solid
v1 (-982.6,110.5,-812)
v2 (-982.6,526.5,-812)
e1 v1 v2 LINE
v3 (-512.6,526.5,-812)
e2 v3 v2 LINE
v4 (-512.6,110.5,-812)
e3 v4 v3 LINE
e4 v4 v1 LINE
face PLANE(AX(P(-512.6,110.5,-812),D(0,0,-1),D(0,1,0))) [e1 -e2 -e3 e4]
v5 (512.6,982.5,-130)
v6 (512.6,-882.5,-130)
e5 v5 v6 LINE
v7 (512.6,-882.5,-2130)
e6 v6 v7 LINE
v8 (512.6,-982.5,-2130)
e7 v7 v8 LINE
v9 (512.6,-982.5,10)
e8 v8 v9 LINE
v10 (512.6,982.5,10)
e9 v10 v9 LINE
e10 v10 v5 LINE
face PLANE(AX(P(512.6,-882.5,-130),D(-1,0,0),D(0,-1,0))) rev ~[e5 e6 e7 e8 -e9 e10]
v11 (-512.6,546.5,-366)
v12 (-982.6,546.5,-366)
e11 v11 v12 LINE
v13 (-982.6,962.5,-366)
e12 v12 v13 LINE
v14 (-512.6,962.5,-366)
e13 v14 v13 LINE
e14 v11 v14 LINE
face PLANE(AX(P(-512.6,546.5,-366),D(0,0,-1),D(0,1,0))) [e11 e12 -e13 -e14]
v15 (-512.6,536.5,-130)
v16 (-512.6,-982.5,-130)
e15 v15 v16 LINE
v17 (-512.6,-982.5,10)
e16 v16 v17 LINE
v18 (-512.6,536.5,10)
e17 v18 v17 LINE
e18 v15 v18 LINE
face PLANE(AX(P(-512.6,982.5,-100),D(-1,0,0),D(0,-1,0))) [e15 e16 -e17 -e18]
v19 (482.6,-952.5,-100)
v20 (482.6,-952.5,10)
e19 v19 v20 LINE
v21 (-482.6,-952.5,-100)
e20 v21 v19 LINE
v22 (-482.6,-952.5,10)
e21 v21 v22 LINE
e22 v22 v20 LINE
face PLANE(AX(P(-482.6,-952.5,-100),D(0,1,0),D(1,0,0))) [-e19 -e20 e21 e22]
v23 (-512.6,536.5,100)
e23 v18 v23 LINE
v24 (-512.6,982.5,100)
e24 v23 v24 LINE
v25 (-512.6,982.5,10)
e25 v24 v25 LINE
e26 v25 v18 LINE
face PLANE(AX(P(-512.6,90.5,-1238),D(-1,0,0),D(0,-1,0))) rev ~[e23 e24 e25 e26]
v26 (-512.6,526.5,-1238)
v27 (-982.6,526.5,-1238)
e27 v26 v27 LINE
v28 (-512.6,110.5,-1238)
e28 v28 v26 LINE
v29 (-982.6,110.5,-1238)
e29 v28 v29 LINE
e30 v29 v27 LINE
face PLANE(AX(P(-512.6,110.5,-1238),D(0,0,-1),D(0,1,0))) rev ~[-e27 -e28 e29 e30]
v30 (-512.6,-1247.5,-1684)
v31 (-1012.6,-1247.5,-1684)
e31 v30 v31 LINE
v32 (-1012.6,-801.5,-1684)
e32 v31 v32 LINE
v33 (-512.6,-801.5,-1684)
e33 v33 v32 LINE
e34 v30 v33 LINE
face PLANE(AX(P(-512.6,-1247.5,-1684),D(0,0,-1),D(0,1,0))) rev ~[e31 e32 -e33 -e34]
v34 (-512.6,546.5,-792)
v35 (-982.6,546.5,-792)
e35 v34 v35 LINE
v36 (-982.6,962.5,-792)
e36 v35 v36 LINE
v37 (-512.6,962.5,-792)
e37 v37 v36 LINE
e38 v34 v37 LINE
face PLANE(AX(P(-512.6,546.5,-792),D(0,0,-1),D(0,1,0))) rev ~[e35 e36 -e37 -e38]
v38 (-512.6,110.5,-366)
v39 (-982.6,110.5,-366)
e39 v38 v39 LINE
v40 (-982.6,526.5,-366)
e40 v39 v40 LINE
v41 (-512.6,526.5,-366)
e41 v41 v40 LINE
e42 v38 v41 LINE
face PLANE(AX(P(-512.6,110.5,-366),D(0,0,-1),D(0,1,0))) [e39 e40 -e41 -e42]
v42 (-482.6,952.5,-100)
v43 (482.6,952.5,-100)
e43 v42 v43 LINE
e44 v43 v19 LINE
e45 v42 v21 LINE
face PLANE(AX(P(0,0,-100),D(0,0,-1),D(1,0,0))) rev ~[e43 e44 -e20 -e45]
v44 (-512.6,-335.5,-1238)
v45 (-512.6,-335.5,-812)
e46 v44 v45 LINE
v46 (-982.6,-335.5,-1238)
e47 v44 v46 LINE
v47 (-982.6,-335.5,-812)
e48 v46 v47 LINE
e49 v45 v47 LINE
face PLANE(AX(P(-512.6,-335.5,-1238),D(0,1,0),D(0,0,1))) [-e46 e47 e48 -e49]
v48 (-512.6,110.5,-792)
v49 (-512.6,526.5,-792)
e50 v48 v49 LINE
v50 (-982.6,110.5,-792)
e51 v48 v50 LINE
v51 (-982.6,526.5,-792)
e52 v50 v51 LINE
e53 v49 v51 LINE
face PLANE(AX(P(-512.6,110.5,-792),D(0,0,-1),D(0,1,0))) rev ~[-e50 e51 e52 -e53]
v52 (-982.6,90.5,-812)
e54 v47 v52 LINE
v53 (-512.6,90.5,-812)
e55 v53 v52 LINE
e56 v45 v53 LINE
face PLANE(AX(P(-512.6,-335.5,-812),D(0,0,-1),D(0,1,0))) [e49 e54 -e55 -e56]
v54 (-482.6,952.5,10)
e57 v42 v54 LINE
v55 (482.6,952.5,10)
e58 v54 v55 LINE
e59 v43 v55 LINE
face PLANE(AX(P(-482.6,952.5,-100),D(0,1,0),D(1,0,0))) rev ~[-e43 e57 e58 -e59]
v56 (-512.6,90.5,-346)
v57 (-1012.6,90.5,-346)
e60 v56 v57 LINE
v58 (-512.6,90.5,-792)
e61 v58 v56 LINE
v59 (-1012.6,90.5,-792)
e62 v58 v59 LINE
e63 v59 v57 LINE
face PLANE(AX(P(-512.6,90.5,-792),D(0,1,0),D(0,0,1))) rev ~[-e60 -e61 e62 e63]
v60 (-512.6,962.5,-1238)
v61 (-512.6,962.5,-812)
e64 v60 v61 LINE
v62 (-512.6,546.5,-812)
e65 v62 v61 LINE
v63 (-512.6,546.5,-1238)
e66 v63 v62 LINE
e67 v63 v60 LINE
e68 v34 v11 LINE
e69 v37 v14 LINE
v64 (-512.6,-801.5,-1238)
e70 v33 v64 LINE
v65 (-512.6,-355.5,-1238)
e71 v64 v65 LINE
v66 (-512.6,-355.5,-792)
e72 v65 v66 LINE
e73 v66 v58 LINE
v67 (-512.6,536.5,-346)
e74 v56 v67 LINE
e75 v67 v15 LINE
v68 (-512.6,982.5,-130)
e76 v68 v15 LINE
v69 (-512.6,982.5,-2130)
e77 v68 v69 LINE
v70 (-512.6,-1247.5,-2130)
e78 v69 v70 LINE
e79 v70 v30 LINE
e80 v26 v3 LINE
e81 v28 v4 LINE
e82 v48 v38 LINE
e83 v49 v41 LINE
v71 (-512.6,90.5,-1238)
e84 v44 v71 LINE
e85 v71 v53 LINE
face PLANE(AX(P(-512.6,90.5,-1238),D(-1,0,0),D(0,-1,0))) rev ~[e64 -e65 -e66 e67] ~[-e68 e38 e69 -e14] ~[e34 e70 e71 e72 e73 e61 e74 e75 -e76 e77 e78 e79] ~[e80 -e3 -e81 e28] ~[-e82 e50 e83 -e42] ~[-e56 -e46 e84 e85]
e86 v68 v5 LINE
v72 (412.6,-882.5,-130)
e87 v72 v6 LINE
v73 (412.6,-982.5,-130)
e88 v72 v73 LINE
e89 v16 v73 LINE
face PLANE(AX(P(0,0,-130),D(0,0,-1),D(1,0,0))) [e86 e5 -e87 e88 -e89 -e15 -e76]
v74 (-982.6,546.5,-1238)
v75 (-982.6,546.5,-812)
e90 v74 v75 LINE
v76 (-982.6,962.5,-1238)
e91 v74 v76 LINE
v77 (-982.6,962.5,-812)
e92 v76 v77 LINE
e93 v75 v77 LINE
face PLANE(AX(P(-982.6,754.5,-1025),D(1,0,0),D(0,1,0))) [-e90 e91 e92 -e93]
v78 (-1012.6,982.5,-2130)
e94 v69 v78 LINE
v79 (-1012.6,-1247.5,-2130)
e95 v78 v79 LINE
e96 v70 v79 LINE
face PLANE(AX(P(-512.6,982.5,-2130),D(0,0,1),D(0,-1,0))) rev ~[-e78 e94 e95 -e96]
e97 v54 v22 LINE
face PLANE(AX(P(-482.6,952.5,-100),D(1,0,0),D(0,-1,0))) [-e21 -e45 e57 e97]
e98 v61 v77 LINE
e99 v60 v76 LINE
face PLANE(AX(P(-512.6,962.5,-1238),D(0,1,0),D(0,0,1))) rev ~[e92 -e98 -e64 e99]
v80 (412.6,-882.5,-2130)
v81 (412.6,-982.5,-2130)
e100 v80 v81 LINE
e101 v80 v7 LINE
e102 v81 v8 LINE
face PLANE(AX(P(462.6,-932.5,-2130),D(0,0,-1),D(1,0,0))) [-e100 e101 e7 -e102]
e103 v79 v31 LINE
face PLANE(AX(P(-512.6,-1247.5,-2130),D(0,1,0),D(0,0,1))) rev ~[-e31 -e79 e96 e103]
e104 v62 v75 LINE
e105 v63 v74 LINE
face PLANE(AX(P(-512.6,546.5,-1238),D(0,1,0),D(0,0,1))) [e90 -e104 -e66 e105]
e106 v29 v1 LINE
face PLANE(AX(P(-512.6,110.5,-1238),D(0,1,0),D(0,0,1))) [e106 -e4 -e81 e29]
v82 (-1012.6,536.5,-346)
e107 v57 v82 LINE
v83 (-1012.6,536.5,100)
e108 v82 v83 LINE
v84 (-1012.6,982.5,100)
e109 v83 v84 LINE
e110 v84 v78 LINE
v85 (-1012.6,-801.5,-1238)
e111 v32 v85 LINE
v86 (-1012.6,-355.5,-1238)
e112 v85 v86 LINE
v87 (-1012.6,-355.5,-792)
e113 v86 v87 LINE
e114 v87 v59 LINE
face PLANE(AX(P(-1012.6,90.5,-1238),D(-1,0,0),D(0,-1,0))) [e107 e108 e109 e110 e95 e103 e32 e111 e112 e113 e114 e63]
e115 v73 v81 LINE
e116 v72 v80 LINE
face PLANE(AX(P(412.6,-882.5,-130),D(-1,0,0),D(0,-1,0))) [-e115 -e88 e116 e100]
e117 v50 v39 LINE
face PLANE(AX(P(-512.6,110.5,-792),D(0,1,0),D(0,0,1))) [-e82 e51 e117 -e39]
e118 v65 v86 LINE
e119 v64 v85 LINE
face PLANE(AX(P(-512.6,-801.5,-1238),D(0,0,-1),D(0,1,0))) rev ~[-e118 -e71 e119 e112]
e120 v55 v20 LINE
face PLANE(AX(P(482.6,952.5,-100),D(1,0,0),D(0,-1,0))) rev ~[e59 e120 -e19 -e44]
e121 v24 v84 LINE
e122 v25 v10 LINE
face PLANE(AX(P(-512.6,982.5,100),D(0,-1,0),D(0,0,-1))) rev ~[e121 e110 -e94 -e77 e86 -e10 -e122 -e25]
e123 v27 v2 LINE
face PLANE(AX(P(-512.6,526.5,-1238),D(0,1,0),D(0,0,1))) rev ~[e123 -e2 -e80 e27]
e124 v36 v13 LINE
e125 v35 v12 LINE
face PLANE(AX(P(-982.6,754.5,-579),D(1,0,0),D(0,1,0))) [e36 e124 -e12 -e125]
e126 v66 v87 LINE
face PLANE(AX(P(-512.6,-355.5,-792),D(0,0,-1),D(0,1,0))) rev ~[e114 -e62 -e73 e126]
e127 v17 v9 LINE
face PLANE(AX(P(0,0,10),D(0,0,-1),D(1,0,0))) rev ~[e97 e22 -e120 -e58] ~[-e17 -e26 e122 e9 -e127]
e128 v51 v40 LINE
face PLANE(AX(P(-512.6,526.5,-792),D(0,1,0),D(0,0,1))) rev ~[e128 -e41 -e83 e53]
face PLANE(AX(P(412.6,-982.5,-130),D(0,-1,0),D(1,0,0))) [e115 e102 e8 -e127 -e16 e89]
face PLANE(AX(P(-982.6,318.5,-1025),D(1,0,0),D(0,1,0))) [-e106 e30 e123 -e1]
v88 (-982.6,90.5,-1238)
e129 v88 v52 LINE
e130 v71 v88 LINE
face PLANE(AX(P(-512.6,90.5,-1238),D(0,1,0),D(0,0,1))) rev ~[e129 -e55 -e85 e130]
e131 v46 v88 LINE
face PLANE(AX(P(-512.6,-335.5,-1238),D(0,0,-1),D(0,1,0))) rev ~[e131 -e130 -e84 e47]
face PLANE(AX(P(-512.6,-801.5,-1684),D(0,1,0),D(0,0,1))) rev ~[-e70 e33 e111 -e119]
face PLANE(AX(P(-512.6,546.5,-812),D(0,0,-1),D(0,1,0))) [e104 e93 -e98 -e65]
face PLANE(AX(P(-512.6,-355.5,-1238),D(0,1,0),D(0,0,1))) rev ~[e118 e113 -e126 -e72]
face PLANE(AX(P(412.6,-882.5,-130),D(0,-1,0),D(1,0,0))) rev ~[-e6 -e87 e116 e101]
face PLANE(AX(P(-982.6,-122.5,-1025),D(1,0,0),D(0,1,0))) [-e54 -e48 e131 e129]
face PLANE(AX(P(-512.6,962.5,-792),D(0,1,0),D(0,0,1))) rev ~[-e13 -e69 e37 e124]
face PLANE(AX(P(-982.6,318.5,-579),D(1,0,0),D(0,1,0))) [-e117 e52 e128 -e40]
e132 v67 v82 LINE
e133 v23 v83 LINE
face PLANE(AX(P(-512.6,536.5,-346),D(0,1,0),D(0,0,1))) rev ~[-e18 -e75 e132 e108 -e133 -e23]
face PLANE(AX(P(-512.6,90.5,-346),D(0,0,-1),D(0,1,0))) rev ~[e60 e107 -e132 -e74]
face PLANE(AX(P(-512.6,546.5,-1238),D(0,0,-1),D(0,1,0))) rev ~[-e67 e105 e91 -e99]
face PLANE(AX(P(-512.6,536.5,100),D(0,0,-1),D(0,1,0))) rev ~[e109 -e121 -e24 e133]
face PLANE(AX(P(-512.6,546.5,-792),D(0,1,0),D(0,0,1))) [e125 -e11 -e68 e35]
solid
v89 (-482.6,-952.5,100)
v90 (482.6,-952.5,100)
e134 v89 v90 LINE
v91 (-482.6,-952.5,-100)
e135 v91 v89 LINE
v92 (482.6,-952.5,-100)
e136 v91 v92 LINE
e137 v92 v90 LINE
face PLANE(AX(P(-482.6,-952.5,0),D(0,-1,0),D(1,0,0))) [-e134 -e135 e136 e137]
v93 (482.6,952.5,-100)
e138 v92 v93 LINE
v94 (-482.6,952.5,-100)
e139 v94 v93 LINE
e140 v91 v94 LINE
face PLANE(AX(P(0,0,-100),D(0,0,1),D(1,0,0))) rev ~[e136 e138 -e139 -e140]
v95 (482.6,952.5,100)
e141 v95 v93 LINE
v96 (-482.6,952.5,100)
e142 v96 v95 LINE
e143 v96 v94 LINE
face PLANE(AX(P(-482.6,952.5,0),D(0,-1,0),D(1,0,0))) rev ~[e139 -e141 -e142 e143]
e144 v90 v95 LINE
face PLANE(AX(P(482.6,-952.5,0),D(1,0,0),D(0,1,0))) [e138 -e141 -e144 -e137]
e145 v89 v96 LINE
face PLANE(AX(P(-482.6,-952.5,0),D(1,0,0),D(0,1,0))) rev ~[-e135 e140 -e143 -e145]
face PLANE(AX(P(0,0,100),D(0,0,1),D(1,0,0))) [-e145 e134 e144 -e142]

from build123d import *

# Parameters (mm, degrees)
F0_W      = 965.2
F0_H      = 1905
F1_DEPTH  = 100
F2_W      = 1025.2
F2_H      = 1965
F2_W_2    = 965.2
F2_H_2    = 1905
F3_DEPTH  = 110
F4_W      = 1025.2
F4_H      = 1965
F5_DEPTH  = 30
F7_DEPTH  = 500
F8_W      = 100
F8_H      = 100
F9_DEPTH  = 2000
F10_W     = 416
F10_H     = 426
F10_W_2   = 426
F11_DEPTH = 470


with BuildPart() as f1:
    # F0 (on Top) → F1 (new body, symmetric)
    with BuildSketch(Plane.XY):
        Rectangle(F0_W, F0_H)
    extrude(amount=F1_DEPTH, both=True)


with BuildPart() as f3:
    # F2 (on face) → F3 (new body)
    with BuildSketch(Plane(origin=(0, 0, -100), x_dir=(1, 0, 0), z_dir=(0, 0, -1))):
        Rectangle(F2_W, F2_H)
        Rectangle(F2_W_2, F2_H_2, mode=Mode.SUBTRACT)
    extrude(amount=-F3_DEPTH)



with BuildPart() as f5:
    # F4 (on face) → F5 (new body)
    with BuildSketch(Plane(origin=(0, 0, -100), x_dir=(1, 0, 0), z_dir=(0, 0, -1))):
        Rectangle(F4_W, F4_H)
    extrude(amount=F5_DEPTH)


with BuildPart() as f3_1:
    add(f3.part)

    add(f5.part)  # F7 merges F5
    # F6 (on face) → F7 (join)
    with BuildSketch(Plane(origin=(-512.6, 0, 0), x_dir=(0, -1, 0), z_dir=(-1, 0, 0))):
        Polygon((-536.5, 100), (-982.5, 100), (-982.5, -2130), (1247.5, -2130), (1247.5, -1684), (801.5, -1684), (801.5, -1238), (355.5, -1238), (355.5, -792), (-90.5, -792), (-90.5, -346), (-536.5, -346), align=None)
    extrude(amount=F7_DEPTH)

    # F8 (on face) → F9 (join, through all)
    with BuildSketch(Plane(origin=(0, 0, -130), x_dir=(1, 0, 0), z_dir=(0, 0, -1))):
        with Locations((462.6, 932.5)):
            Rectangle(F8_W, F8_H)
    extrude(amount=F9_DEPTH)

    # F10 (on face) → F11 (cut)
    with BuildSketch(Plane.YZ.offset(-512.6)):
        with Locations((318.5, -579)):
            Rectangle(F10_W, F10_H)
        with Locations((-122.5, -1025)):
            Rectangle(F10_W_2, F10_H)
        with Locations((318.5, -1025)):
            Rectangle(F10_W, F10_H)
        with Locations((754.5, -579)):
            Rectangle(F10_W, F10_H)
        with Locations((754.5, -1025)):
            Rectangle(F10_W, F10_H)
    extrude(amount=-F11_DEPTH, mode=Mode.SUBTRACT)


solid = Compound([f1.part, f3_1.part])
